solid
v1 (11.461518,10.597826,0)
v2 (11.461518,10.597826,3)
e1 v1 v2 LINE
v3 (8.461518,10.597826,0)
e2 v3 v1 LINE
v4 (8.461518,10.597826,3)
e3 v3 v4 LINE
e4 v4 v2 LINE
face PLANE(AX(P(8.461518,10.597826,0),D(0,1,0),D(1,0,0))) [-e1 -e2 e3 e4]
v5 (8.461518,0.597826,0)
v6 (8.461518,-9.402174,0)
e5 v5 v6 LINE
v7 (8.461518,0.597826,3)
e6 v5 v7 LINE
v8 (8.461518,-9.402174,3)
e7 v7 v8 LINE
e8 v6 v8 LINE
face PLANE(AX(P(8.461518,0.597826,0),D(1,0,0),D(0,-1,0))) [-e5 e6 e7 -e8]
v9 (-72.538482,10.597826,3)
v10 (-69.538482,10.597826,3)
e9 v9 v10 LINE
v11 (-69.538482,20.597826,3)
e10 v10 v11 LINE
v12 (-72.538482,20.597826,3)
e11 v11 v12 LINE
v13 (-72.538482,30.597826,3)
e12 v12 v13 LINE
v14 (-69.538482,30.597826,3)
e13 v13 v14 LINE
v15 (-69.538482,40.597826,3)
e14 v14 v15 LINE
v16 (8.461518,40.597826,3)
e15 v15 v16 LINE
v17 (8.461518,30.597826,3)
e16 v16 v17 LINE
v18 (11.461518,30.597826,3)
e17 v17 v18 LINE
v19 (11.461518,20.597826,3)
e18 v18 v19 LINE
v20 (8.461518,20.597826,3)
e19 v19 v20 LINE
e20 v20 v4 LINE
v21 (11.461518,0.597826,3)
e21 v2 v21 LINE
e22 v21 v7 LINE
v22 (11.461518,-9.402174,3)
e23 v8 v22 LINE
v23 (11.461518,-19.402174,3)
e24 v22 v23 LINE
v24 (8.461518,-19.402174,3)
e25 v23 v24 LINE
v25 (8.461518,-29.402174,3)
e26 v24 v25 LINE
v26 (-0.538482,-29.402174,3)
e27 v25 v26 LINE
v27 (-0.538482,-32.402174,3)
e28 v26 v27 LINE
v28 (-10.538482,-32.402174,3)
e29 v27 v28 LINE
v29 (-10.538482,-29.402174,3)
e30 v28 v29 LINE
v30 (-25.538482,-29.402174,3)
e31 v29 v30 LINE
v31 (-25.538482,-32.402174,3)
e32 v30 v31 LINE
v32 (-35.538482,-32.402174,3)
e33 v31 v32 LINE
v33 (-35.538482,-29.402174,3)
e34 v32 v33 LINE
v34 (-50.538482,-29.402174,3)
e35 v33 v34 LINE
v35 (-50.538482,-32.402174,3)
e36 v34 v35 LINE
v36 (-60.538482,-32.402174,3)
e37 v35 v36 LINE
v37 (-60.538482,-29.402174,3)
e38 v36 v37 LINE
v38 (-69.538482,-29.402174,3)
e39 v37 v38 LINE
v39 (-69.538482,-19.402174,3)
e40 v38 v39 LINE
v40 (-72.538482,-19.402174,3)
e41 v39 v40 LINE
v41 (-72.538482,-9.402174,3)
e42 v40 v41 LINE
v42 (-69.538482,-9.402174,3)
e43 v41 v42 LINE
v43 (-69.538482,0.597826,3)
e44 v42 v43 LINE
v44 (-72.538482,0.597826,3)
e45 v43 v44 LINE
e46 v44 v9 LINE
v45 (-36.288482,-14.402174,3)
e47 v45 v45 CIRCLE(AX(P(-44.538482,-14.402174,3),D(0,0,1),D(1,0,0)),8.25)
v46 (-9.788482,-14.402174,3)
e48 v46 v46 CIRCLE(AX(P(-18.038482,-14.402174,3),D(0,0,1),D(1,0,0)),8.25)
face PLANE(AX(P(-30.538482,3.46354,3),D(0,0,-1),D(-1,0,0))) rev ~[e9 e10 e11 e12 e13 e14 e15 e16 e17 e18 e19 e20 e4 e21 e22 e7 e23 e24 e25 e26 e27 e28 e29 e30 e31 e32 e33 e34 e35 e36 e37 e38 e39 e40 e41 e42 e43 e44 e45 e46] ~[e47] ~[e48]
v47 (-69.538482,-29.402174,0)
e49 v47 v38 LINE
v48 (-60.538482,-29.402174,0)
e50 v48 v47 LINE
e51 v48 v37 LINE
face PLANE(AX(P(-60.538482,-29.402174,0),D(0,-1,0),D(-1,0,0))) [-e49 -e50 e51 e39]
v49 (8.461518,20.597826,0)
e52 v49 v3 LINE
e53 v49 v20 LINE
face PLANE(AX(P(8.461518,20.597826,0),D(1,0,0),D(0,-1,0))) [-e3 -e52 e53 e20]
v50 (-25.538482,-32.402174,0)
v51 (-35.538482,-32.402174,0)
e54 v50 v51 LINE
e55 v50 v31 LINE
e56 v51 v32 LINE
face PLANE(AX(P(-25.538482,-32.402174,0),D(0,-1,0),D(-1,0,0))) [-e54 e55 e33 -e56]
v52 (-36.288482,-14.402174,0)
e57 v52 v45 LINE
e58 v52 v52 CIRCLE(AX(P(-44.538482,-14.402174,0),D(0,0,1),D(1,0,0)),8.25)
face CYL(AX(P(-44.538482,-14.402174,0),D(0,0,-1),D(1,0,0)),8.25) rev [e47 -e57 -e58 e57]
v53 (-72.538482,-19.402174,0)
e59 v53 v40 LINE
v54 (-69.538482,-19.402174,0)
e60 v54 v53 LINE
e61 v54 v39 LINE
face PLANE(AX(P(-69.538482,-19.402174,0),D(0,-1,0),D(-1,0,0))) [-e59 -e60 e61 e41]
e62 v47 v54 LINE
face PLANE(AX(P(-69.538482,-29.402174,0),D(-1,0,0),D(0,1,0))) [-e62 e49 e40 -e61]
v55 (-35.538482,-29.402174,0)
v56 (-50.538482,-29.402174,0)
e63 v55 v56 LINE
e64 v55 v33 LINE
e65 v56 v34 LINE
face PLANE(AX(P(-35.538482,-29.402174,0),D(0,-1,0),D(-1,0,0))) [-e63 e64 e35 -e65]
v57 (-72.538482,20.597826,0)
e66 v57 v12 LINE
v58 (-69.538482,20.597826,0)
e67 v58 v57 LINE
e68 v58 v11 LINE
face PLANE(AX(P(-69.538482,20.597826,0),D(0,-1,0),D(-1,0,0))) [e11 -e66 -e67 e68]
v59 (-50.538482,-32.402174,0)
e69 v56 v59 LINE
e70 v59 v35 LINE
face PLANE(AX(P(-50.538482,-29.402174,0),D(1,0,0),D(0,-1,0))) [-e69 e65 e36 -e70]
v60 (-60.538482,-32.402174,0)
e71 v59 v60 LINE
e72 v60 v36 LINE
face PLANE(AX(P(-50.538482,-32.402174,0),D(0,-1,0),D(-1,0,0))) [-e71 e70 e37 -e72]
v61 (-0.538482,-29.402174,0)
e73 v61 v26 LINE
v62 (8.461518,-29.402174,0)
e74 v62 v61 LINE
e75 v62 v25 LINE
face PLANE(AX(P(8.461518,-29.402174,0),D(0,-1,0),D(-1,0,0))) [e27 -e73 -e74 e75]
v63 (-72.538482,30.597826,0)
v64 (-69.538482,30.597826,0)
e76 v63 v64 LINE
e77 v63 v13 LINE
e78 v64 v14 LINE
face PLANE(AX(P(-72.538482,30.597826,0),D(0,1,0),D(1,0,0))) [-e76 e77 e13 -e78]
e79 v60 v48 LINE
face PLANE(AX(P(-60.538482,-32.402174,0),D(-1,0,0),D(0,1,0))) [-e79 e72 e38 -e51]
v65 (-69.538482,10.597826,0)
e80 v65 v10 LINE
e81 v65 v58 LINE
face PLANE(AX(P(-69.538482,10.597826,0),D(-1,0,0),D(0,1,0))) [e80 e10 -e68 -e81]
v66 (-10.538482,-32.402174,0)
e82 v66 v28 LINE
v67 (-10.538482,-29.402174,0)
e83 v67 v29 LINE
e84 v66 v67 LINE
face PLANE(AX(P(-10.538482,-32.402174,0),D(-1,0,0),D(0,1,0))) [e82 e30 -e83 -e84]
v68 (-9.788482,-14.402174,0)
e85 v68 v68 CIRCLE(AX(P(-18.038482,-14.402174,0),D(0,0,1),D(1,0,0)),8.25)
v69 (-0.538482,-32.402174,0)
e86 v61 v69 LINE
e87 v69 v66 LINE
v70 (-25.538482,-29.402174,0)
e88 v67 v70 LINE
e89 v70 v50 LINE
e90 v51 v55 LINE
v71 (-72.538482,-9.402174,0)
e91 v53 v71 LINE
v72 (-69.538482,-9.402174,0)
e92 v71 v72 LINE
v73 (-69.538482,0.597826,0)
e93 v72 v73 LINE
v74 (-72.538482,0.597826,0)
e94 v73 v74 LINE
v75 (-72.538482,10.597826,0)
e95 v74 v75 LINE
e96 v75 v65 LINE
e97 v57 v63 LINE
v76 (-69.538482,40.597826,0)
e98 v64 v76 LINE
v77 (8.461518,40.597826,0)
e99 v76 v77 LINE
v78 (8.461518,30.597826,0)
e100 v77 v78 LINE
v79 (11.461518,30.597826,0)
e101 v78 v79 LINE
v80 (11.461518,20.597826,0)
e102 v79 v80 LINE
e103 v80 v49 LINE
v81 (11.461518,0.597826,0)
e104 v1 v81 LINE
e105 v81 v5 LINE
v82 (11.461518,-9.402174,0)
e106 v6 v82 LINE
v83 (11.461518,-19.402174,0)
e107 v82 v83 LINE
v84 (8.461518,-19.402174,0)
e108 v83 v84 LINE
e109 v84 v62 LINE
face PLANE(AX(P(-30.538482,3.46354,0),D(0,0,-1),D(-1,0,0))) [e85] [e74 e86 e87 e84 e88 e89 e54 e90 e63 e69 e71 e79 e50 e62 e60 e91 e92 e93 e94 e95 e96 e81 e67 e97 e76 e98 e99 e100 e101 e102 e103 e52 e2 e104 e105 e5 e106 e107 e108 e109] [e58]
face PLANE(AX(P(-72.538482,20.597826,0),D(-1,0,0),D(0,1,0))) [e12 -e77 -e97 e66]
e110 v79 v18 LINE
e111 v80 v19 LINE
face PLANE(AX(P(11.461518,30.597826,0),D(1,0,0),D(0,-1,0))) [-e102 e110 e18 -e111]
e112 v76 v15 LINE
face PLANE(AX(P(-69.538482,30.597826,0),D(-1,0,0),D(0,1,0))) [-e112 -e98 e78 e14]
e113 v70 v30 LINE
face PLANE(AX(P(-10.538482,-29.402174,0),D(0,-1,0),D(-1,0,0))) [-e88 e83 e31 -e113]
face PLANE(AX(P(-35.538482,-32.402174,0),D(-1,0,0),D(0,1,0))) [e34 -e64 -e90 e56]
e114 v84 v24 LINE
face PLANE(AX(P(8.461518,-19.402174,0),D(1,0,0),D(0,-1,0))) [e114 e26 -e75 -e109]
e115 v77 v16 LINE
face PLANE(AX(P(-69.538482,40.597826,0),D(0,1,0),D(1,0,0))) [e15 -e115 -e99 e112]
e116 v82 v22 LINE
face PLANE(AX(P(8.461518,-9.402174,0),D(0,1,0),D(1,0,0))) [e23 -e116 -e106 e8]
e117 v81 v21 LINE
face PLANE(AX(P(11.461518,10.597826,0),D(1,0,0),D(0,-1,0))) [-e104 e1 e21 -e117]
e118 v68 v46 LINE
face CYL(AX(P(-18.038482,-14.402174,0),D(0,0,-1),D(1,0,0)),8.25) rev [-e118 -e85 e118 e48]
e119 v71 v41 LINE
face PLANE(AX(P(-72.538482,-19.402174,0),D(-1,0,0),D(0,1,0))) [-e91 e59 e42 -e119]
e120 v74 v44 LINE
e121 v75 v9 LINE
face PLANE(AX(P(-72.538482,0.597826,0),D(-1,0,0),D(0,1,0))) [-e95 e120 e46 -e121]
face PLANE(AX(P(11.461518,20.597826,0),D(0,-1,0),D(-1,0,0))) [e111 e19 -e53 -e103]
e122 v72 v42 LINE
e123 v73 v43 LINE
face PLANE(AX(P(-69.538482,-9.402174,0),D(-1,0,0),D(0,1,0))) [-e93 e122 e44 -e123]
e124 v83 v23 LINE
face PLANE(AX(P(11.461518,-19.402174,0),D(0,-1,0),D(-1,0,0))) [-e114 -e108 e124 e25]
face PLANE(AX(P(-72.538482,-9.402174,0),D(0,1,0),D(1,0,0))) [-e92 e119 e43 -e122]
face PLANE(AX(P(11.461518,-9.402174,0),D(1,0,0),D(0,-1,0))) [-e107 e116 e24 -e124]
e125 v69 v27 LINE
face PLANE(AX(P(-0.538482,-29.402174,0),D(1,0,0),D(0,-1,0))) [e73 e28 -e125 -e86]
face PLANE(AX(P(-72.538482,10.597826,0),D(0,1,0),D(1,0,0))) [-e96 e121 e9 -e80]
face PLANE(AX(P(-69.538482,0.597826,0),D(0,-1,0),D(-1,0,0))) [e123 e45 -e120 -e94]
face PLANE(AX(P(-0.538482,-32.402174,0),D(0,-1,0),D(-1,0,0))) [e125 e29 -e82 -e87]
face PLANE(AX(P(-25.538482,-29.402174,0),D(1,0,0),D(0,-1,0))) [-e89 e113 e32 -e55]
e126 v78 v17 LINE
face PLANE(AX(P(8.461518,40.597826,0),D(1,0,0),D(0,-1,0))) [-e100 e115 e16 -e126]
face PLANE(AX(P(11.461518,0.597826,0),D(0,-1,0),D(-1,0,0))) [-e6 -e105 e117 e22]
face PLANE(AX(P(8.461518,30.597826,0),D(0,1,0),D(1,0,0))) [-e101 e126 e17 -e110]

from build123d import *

# Parameters (mm, degrees)
ESQUISSE1_R        = 8.25
BOSS_EXTRU_1_DEPTH = 3


with BuildPart() as part:
    # Esquisse1 → Boss.-Extru.1 (new body)
    with BuildSketch(Plane.XY):
        Polygon((-69.538481563, 40.597826087), (8.461518437, 40.597826087), (8.461518437, 30.597826087), (11.461518437, 30.597826087), (11.461518437, 20.597826087), (8.461518437, 20.597826087), (8.461518437, 10.597826087), (11.461518437, 10.597826087), (11.461518437, 0.597826087), (8.461518437, 0.597826087), (8.461518437, -9.402173913), (11.461518437, -9.402173913), (11.461518437, -19.402173913), (8.461518437, -19.402173913), (8.461518437, -29.402173913), (-0.538481563, -29.402173913), (-0.538481563, -32.402173913), (-10.538481563, -32.402173913), (-10.538481563, -29.402173913), (-25.538481563, -29.402173913), (-25.538481563, -32.402173913), (-35.538481563, -32.402173913), (-35.538481563, -29.402173913), (-50.538481563, -29.402173913), (-50.538481563, -32.402173913), (-60.538481563, -32.402173913), (-60.538481563, -29.402173913), (-69.538481563, -29.402173913), (-69.538481563, -19.402173913), (-72.538481563, -19.402173913), (-72.538481563, -9.402173913), (-69.538481563, -9.402173913), (-69.538481563, 0.597826087), (-72.538481563, 0.597826087), (-72.538481563, 10.597826087), (-69.538481563, 10.597826087), (-69.538481563, 20.597826087), (-72.538481563, 20.597826087), (-72.538481563, 30.597826087), (-69.538481563, 30.597826087), align=None)
        with Locations((-18.038481563, -14.402173913)):
            Circle(ESQUISSE1_R, mode=Mode.SUBTRACT)
        with Locations((-44.538481563, -14.402173913)):
            Circle(ESQUISSE1_R, mode=Mode.SUBTRACT)
    extrude(amount=BOSS_EXTRU_1_DEPTH)


solid = part.part
